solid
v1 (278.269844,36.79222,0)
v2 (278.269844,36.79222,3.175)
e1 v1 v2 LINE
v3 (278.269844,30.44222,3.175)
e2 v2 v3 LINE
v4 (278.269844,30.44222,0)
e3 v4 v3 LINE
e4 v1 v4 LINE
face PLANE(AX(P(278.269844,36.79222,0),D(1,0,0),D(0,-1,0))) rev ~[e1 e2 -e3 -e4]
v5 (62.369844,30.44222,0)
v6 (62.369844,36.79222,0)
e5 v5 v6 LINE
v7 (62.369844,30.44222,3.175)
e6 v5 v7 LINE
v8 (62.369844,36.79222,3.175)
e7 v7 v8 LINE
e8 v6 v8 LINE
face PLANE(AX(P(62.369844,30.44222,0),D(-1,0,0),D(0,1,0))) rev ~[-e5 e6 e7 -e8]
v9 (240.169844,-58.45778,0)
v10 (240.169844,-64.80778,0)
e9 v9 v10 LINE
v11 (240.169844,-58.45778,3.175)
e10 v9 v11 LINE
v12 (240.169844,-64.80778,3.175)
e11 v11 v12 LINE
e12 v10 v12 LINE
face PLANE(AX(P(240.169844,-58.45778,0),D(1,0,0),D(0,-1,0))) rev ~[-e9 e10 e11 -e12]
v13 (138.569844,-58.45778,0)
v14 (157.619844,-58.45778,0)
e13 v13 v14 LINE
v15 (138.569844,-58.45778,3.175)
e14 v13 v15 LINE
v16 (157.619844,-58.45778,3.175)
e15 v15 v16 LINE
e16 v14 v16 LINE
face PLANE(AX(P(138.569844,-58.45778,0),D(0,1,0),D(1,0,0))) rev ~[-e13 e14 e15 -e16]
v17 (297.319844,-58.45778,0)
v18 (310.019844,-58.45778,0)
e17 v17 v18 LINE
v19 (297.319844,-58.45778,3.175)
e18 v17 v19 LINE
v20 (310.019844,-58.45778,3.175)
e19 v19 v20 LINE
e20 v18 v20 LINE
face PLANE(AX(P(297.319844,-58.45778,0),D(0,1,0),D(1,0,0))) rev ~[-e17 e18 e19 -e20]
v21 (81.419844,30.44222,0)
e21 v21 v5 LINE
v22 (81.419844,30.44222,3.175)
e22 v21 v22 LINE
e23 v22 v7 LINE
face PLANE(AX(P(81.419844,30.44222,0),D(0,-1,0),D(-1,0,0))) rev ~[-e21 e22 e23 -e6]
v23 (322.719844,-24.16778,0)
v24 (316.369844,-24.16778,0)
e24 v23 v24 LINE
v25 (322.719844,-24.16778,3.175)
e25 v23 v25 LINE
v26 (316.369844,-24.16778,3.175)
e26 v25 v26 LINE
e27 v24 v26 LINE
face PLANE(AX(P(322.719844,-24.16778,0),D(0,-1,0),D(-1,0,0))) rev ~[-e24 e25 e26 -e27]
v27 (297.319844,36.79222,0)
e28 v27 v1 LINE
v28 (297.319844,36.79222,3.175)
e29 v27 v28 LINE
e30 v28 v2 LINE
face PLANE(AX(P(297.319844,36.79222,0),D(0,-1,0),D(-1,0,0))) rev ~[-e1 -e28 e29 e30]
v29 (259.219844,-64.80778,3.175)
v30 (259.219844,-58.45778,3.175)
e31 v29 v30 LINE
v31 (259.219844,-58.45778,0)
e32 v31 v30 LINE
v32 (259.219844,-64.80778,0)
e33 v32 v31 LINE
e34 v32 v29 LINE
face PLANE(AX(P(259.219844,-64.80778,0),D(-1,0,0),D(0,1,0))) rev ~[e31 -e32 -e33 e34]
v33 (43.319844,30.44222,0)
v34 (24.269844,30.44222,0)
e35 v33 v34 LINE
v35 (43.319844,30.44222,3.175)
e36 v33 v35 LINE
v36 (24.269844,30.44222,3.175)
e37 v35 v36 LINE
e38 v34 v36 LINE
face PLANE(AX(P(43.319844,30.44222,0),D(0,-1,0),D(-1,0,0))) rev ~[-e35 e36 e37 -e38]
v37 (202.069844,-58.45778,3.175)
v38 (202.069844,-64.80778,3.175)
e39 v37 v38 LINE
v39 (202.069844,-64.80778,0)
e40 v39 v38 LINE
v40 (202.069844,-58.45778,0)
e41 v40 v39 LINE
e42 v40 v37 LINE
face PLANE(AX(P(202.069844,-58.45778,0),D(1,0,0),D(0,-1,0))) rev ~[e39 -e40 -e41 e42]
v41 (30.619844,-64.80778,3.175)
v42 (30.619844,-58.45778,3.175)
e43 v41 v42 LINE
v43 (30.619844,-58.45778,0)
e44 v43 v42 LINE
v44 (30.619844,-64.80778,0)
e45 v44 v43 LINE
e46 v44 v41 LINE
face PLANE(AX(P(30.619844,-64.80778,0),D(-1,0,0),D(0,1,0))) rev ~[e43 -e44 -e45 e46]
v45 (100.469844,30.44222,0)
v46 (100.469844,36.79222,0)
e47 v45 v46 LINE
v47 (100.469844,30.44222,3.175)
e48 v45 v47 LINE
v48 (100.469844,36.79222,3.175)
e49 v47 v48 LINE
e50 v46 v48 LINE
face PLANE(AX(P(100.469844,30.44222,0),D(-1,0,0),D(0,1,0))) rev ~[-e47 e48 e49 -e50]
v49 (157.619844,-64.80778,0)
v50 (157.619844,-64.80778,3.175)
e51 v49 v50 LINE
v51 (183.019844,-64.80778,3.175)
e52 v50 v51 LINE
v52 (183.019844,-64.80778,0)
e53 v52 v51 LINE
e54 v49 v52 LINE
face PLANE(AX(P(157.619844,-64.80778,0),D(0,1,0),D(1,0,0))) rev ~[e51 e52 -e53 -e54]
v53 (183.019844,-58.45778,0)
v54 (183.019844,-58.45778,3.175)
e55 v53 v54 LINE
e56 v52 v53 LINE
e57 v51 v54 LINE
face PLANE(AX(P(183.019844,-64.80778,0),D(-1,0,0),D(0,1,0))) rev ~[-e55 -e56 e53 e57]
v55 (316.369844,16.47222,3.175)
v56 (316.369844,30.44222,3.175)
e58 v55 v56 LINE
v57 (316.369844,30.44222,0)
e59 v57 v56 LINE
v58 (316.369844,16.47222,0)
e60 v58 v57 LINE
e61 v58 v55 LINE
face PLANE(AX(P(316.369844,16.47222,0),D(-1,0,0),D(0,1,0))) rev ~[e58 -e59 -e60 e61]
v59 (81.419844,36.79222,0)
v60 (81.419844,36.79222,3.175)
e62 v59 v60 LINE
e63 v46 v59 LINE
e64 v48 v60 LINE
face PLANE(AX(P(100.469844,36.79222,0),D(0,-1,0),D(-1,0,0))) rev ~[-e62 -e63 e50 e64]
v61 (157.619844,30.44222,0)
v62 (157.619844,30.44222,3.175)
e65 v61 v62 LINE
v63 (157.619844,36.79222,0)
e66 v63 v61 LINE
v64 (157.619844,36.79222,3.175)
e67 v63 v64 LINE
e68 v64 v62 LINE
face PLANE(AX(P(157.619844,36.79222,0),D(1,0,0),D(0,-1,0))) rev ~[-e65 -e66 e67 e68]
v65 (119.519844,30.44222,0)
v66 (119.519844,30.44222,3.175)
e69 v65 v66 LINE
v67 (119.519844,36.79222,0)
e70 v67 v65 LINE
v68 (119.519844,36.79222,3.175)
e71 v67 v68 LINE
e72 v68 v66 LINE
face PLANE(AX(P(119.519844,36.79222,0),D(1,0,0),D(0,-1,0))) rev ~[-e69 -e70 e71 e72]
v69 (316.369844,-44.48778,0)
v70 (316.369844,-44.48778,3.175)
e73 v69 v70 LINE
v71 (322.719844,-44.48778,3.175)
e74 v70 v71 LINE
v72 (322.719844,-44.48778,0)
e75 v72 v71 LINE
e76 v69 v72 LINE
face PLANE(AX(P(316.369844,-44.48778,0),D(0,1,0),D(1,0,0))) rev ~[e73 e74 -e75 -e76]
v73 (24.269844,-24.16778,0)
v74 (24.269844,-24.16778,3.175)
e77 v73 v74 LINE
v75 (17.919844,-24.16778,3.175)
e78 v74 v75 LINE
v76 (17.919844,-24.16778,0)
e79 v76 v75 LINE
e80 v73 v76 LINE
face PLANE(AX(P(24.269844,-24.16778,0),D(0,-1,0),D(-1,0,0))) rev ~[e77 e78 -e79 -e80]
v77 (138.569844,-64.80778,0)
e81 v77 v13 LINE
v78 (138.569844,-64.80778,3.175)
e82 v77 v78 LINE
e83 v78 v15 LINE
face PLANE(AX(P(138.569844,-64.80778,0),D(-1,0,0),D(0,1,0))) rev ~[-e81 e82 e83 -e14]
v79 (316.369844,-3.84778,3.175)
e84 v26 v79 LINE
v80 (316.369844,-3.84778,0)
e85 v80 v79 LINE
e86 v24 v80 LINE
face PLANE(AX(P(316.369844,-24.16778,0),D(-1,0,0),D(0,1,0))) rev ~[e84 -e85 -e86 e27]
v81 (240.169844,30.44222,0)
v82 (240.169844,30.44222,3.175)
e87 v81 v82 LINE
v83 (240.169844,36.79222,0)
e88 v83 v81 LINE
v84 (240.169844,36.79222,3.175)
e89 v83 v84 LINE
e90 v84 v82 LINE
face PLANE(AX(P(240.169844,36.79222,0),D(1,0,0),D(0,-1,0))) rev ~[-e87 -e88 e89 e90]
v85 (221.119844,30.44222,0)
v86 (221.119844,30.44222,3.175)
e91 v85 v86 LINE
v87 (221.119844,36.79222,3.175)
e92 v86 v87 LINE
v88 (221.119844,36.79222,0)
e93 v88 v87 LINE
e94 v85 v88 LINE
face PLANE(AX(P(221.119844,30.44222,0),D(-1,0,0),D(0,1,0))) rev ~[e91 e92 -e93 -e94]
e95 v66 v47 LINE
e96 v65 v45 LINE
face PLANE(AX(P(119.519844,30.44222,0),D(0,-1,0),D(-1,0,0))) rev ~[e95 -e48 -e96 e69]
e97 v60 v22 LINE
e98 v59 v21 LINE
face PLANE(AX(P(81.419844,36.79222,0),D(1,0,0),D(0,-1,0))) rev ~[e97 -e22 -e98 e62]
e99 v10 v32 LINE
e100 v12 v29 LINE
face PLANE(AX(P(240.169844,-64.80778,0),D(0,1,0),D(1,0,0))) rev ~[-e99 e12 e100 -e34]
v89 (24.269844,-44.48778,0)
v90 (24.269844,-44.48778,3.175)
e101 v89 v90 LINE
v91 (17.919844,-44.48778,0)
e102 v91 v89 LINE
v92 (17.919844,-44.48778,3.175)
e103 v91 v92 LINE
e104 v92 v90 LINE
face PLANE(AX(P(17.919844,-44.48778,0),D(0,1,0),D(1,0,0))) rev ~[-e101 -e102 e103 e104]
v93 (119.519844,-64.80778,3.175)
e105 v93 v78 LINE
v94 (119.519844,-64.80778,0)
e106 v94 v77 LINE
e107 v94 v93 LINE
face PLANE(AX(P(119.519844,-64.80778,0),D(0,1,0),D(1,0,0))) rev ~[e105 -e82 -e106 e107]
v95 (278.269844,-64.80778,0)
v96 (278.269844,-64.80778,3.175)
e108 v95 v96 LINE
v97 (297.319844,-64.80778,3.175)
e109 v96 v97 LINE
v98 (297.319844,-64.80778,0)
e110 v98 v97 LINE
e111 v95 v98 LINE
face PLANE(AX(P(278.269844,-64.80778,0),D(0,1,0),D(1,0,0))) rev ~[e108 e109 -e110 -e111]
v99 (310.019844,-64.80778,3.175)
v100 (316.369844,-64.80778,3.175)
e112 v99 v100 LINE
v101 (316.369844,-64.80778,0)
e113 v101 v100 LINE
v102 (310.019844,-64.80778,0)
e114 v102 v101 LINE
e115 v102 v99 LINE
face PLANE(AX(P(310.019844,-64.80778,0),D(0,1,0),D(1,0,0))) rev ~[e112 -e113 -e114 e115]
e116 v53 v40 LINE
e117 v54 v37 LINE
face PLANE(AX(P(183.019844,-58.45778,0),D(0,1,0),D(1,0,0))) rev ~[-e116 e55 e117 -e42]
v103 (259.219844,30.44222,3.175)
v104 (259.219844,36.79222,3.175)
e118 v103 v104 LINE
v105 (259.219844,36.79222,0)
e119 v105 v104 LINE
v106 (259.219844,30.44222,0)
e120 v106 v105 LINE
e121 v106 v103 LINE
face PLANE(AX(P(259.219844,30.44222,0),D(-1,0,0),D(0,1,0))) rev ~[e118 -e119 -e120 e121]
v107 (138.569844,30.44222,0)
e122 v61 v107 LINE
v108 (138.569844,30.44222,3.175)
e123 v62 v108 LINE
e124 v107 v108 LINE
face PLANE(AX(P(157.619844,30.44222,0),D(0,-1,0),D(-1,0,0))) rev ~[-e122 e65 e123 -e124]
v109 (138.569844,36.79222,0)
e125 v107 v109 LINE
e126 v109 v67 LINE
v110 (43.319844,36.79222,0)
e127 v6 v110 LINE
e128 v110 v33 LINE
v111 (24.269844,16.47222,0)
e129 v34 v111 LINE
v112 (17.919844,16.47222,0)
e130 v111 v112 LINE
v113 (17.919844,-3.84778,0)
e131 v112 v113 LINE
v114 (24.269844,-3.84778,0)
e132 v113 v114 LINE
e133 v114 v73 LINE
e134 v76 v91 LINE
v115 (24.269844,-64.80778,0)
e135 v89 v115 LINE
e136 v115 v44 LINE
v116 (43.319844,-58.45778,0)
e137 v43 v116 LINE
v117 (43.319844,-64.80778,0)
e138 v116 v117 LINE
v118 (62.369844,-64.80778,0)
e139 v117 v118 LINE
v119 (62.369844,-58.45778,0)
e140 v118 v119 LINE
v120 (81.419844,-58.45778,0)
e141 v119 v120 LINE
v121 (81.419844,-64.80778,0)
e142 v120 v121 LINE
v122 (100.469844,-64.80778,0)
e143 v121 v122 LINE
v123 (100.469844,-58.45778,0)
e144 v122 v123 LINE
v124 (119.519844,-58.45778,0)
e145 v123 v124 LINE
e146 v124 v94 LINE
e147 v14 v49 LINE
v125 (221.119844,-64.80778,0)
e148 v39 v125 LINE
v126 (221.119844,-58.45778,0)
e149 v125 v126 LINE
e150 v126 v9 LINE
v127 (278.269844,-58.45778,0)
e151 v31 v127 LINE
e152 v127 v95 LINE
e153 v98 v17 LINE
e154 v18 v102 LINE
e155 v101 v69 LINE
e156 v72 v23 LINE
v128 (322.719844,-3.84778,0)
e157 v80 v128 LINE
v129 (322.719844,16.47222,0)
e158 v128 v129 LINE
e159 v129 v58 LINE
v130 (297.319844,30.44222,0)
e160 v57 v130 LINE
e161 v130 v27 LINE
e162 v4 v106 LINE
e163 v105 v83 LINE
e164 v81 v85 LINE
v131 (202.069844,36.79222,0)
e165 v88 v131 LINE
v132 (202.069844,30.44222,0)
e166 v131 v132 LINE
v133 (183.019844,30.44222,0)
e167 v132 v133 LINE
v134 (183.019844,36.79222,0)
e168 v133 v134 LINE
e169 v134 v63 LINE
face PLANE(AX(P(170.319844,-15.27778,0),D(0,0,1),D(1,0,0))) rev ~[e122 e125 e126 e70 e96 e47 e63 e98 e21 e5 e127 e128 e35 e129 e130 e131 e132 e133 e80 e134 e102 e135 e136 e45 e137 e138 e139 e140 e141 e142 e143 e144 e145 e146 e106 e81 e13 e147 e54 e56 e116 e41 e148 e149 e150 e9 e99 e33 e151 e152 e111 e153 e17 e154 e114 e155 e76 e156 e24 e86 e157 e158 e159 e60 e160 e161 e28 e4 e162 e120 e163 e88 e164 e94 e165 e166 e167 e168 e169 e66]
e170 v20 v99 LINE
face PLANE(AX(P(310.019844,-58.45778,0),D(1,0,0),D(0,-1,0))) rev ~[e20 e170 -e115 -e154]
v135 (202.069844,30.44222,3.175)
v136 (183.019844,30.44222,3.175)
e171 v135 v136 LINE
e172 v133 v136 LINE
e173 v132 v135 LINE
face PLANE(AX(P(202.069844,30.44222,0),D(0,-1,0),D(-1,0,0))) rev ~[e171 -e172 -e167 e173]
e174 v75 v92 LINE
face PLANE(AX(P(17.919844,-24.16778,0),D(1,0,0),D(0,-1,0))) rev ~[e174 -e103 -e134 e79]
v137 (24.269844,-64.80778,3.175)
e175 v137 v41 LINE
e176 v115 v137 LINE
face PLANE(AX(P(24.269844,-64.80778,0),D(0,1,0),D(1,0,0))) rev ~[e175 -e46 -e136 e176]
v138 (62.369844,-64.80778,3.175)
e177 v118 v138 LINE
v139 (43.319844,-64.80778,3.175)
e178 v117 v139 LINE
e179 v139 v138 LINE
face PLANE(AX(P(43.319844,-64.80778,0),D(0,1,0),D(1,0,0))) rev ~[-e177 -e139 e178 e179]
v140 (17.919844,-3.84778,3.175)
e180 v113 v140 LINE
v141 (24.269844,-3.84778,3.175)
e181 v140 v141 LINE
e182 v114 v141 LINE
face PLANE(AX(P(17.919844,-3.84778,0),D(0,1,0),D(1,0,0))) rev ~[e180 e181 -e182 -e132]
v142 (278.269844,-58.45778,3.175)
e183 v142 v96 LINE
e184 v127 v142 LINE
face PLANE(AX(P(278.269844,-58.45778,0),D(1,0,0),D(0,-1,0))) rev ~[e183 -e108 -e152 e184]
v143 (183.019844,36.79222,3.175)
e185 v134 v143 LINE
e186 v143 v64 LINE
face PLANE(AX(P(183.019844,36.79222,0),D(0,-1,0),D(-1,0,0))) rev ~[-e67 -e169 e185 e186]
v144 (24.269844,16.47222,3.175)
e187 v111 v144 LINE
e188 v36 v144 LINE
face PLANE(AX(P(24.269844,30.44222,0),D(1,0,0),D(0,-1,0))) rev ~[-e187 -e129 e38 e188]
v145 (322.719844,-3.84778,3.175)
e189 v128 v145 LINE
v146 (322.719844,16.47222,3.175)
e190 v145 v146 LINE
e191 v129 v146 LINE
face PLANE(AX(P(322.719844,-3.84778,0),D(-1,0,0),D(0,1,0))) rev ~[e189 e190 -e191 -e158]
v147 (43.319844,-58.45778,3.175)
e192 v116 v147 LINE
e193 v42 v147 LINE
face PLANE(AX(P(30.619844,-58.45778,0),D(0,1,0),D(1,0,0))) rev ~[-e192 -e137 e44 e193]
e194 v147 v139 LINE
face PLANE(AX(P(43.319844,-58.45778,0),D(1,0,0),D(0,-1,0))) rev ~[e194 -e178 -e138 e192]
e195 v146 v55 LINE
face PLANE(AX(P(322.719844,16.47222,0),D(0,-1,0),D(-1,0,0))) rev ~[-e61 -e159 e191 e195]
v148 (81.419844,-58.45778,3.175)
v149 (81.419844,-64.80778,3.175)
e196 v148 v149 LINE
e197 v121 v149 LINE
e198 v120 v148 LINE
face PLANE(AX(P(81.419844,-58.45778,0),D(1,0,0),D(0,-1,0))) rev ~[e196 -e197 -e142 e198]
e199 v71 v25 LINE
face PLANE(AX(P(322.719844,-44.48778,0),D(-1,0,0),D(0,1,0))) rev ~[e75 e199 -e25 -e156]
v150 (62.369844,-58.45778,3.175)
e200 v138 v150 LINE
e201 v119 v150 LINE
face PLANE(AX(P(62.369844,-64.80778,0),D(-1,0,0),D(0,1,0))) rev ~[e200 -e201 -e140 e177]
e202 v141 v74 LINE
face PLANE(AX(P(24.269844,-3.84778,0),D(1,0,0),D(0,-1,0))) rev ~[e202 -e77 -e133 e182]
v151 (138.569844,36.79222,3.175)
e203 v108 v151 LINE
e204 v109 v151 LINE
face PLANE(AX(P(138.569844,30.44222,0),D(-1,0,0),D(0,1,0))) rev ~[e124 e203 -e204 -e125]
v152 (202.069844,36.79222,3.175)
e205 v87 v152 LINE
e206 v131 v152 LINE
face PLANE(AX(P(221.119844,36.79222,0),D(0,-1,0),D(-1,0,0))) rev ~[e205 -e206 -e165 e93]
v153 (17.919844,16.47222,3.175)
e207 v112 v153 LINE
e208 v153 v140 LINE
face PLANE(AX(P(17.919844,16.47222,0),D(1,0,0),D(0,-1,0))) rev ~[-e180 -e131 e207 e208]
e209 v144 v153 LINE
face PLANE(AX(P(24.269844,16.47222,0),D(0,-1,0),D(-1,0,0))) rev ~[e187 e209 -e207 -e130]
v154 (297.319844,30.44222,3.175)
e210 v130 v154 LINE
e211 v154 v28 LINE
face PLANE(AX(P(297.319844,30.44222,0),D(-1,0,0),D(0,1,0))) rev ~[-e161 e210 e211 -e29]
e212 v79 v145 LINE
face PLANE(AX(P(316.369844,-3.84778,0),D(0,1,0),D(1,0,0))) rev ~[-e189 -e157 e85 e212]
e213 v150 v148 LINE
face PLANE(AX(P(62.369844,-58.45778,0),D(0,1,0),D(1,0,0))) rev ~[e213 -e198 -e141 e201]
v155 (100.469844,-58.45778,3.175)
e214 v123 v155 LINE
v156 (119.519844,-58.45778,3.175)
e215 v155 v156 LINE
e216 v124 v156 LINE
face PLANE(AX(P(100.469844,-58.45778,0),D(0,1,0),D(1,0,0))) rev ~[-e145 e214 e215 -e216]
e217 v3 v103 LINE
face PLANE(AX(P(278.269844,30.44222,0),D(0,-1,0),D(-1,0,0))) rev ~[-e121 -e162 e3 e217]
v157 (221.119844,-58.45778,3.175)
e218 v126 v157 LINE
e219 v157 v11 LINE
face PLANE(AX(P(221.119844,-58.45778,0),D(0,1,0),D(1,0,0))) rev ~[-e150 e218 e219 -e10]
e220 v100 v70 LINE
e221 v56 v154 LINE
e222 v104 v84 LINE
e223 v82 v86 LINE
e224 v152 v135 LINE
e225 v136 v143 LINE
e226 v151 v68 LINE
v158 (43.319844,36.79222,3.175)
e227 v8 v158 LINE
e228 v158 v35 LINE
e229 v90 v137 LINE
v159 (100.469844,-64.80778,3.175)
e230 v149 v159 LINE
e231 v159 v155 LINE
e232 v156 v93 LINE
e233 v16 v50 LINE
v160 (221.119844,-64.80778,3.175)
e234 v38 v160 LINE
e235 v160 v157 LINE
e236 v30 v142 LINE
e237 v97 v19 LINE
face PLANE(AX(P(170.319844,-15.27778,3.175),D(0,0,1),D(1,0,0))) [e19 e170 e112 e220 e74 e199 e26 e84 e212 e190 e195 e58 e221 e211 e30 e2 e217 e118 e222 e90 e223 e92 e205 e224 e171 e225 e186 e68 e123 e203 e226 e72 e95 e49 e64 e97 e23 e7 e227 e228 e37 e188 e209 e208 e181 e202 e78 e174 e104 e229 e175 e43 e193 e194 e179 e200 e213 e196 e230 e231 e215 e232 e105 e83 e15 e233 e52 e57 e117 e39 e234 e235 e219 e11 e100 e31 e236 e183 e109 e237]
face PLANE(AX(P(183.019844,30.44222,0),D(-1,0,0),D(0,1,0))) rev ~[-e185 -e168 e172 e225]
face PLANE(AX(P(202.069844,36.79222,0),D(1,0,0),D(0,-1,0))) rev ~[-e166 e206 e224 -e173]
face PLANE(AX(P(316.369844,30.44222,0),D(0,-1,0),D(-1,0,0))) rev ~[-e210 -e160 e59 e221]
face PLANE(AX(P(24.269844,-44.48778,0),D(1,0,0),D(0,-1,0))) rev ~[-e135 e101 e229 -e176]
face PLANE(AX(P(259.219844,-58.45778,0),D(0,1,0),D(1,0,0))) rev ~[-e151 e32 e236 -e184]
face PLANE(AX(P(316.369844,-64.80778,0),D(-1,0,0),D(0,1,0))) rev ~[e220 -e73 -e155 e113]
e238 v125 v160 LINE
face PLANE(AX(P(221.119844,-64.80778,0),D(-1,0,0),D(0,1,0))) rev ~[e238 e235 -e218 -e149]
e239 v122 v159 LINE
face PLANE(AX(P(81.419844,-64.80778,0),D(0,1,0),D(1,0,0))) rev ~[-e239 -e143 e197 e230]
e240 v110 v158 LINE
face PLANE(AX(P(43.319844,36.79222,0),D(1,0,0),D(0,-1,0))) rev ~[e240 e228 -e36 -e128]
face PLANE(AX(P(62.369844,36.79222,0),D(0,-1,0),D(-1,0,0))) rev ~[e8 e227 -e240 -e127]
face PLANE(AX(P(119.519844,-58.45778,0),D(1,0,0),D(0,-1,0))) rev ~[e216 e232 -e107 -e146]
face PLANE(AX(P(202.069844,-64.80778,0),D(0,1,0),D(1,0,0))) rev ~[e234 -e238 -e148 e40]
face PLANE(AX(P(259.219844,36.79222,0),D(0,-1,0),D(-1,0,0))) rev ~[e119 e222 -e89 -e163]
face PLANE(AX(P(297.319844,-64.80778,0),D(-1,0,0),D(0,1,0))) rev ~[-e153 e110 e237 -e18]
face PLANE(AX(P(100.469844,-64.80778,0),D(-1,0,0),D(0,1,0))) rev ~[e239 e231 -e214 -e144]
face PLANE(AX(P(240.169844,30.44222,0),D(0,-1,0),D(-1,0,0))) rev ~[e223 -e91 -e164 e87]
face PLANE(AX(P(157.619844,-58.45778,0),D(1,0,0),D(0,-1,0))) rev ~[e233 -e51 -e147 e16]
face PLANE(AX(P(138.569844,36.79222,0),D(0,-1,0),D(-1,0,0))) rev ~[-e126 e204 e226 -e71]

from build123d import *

# Parameters (mm, degrees)
F1_DEPTH = 3.175


with BuildPart() as f1:
    # F0 (on Top) → F1 (new body)
    with BuildSketch(Plane.XY):
        Polygon((24.269844, -44.48778), (24.269844, -64.80778), (30.619844, -64.80778), (30.619844, -58.45778), (43.319844, -58.45778), (43.319844, -64.80778), (62.369844, -64.80778), (62.369844, -58.45778), (81.419844, -58.45778), (81.419844, -64.80778), (100.469844, -64.80778), (100.469844, -58.45778), (119.519844, -58.45778), (119.519844, -64.80778), (138.569844, -64.80778), (138.569844, -58.45778), (157.619844, -58.45778), (157.619844, -64.80778), (170.319844, -64.80778), (183.019844, -64.80778), (183.019844, -58.45778), (202.069844, -58.45778), (202.069844, -64.80778), (221.119844, -64.80778), (221.119844, -58.45778), (240.169844, -58.45778), (240.169844, -64.80778), (259.219844, -64.80778), (259.219844, -58.45778), (278.269844, -58.45778), (278.269844, -64.80778), (297.319844, -64.80778), (297.319844, -58.45778), (310.019844, -58.45778), (310.019844, -64.80778), (316.369844, -64.80778), (316.369844, -44.48778), (322.719844, -44.48778), (322.719844, -24.16778), (316.369844, -24.16778), (316.369844, -3.84778), (322.719844, -3.84778), (322.719844, 16.47222), (316.369844, 16.47222), (316.369844, 30.44222), (297.319844, 30.44222), (297.319844, 36.79222), (278.269844, 36.79222), (278.269844, 30.44222), (259.219844, 30.44222), (259.219844, 36.79222), (240.169844, 36.79222), (240.169844, 30.44222), (221.119844, 30.44222), (221.119844, 36.79222), (202.069844, 36.79222), (202.069844, 30.44222), (183.019844, 30.44222), (183.019844, 36.79222), (170.319844, 36.79222), (157.619844, 36.79222), (157.619844, 30.44222), (138.569844, 30.44222), (138.569844, 36.79222), (119.519844, 36.79222), (119.519844, 30.44222), (100.469844, 30.44222), (100.469844, 36.79222), (81.419844, 36.79222), (81.419844, 30.44222), (62.369844, 30.44222), (62.369844, 36.79222), (43.319844, 36.79222), (43.319844, 30.44222), (24.269844, 30.44222), (24.269844, 16.47222), (17.919844, 16.47222), (17.919844, -3.84778), (24.269844, -3.84778), (24.269844, -24.16778), (17.919844, -24.16778), (17.919844, -44.48778), align=None)
    extrude(amount=F1_DEPTH)


solid = f1.part
